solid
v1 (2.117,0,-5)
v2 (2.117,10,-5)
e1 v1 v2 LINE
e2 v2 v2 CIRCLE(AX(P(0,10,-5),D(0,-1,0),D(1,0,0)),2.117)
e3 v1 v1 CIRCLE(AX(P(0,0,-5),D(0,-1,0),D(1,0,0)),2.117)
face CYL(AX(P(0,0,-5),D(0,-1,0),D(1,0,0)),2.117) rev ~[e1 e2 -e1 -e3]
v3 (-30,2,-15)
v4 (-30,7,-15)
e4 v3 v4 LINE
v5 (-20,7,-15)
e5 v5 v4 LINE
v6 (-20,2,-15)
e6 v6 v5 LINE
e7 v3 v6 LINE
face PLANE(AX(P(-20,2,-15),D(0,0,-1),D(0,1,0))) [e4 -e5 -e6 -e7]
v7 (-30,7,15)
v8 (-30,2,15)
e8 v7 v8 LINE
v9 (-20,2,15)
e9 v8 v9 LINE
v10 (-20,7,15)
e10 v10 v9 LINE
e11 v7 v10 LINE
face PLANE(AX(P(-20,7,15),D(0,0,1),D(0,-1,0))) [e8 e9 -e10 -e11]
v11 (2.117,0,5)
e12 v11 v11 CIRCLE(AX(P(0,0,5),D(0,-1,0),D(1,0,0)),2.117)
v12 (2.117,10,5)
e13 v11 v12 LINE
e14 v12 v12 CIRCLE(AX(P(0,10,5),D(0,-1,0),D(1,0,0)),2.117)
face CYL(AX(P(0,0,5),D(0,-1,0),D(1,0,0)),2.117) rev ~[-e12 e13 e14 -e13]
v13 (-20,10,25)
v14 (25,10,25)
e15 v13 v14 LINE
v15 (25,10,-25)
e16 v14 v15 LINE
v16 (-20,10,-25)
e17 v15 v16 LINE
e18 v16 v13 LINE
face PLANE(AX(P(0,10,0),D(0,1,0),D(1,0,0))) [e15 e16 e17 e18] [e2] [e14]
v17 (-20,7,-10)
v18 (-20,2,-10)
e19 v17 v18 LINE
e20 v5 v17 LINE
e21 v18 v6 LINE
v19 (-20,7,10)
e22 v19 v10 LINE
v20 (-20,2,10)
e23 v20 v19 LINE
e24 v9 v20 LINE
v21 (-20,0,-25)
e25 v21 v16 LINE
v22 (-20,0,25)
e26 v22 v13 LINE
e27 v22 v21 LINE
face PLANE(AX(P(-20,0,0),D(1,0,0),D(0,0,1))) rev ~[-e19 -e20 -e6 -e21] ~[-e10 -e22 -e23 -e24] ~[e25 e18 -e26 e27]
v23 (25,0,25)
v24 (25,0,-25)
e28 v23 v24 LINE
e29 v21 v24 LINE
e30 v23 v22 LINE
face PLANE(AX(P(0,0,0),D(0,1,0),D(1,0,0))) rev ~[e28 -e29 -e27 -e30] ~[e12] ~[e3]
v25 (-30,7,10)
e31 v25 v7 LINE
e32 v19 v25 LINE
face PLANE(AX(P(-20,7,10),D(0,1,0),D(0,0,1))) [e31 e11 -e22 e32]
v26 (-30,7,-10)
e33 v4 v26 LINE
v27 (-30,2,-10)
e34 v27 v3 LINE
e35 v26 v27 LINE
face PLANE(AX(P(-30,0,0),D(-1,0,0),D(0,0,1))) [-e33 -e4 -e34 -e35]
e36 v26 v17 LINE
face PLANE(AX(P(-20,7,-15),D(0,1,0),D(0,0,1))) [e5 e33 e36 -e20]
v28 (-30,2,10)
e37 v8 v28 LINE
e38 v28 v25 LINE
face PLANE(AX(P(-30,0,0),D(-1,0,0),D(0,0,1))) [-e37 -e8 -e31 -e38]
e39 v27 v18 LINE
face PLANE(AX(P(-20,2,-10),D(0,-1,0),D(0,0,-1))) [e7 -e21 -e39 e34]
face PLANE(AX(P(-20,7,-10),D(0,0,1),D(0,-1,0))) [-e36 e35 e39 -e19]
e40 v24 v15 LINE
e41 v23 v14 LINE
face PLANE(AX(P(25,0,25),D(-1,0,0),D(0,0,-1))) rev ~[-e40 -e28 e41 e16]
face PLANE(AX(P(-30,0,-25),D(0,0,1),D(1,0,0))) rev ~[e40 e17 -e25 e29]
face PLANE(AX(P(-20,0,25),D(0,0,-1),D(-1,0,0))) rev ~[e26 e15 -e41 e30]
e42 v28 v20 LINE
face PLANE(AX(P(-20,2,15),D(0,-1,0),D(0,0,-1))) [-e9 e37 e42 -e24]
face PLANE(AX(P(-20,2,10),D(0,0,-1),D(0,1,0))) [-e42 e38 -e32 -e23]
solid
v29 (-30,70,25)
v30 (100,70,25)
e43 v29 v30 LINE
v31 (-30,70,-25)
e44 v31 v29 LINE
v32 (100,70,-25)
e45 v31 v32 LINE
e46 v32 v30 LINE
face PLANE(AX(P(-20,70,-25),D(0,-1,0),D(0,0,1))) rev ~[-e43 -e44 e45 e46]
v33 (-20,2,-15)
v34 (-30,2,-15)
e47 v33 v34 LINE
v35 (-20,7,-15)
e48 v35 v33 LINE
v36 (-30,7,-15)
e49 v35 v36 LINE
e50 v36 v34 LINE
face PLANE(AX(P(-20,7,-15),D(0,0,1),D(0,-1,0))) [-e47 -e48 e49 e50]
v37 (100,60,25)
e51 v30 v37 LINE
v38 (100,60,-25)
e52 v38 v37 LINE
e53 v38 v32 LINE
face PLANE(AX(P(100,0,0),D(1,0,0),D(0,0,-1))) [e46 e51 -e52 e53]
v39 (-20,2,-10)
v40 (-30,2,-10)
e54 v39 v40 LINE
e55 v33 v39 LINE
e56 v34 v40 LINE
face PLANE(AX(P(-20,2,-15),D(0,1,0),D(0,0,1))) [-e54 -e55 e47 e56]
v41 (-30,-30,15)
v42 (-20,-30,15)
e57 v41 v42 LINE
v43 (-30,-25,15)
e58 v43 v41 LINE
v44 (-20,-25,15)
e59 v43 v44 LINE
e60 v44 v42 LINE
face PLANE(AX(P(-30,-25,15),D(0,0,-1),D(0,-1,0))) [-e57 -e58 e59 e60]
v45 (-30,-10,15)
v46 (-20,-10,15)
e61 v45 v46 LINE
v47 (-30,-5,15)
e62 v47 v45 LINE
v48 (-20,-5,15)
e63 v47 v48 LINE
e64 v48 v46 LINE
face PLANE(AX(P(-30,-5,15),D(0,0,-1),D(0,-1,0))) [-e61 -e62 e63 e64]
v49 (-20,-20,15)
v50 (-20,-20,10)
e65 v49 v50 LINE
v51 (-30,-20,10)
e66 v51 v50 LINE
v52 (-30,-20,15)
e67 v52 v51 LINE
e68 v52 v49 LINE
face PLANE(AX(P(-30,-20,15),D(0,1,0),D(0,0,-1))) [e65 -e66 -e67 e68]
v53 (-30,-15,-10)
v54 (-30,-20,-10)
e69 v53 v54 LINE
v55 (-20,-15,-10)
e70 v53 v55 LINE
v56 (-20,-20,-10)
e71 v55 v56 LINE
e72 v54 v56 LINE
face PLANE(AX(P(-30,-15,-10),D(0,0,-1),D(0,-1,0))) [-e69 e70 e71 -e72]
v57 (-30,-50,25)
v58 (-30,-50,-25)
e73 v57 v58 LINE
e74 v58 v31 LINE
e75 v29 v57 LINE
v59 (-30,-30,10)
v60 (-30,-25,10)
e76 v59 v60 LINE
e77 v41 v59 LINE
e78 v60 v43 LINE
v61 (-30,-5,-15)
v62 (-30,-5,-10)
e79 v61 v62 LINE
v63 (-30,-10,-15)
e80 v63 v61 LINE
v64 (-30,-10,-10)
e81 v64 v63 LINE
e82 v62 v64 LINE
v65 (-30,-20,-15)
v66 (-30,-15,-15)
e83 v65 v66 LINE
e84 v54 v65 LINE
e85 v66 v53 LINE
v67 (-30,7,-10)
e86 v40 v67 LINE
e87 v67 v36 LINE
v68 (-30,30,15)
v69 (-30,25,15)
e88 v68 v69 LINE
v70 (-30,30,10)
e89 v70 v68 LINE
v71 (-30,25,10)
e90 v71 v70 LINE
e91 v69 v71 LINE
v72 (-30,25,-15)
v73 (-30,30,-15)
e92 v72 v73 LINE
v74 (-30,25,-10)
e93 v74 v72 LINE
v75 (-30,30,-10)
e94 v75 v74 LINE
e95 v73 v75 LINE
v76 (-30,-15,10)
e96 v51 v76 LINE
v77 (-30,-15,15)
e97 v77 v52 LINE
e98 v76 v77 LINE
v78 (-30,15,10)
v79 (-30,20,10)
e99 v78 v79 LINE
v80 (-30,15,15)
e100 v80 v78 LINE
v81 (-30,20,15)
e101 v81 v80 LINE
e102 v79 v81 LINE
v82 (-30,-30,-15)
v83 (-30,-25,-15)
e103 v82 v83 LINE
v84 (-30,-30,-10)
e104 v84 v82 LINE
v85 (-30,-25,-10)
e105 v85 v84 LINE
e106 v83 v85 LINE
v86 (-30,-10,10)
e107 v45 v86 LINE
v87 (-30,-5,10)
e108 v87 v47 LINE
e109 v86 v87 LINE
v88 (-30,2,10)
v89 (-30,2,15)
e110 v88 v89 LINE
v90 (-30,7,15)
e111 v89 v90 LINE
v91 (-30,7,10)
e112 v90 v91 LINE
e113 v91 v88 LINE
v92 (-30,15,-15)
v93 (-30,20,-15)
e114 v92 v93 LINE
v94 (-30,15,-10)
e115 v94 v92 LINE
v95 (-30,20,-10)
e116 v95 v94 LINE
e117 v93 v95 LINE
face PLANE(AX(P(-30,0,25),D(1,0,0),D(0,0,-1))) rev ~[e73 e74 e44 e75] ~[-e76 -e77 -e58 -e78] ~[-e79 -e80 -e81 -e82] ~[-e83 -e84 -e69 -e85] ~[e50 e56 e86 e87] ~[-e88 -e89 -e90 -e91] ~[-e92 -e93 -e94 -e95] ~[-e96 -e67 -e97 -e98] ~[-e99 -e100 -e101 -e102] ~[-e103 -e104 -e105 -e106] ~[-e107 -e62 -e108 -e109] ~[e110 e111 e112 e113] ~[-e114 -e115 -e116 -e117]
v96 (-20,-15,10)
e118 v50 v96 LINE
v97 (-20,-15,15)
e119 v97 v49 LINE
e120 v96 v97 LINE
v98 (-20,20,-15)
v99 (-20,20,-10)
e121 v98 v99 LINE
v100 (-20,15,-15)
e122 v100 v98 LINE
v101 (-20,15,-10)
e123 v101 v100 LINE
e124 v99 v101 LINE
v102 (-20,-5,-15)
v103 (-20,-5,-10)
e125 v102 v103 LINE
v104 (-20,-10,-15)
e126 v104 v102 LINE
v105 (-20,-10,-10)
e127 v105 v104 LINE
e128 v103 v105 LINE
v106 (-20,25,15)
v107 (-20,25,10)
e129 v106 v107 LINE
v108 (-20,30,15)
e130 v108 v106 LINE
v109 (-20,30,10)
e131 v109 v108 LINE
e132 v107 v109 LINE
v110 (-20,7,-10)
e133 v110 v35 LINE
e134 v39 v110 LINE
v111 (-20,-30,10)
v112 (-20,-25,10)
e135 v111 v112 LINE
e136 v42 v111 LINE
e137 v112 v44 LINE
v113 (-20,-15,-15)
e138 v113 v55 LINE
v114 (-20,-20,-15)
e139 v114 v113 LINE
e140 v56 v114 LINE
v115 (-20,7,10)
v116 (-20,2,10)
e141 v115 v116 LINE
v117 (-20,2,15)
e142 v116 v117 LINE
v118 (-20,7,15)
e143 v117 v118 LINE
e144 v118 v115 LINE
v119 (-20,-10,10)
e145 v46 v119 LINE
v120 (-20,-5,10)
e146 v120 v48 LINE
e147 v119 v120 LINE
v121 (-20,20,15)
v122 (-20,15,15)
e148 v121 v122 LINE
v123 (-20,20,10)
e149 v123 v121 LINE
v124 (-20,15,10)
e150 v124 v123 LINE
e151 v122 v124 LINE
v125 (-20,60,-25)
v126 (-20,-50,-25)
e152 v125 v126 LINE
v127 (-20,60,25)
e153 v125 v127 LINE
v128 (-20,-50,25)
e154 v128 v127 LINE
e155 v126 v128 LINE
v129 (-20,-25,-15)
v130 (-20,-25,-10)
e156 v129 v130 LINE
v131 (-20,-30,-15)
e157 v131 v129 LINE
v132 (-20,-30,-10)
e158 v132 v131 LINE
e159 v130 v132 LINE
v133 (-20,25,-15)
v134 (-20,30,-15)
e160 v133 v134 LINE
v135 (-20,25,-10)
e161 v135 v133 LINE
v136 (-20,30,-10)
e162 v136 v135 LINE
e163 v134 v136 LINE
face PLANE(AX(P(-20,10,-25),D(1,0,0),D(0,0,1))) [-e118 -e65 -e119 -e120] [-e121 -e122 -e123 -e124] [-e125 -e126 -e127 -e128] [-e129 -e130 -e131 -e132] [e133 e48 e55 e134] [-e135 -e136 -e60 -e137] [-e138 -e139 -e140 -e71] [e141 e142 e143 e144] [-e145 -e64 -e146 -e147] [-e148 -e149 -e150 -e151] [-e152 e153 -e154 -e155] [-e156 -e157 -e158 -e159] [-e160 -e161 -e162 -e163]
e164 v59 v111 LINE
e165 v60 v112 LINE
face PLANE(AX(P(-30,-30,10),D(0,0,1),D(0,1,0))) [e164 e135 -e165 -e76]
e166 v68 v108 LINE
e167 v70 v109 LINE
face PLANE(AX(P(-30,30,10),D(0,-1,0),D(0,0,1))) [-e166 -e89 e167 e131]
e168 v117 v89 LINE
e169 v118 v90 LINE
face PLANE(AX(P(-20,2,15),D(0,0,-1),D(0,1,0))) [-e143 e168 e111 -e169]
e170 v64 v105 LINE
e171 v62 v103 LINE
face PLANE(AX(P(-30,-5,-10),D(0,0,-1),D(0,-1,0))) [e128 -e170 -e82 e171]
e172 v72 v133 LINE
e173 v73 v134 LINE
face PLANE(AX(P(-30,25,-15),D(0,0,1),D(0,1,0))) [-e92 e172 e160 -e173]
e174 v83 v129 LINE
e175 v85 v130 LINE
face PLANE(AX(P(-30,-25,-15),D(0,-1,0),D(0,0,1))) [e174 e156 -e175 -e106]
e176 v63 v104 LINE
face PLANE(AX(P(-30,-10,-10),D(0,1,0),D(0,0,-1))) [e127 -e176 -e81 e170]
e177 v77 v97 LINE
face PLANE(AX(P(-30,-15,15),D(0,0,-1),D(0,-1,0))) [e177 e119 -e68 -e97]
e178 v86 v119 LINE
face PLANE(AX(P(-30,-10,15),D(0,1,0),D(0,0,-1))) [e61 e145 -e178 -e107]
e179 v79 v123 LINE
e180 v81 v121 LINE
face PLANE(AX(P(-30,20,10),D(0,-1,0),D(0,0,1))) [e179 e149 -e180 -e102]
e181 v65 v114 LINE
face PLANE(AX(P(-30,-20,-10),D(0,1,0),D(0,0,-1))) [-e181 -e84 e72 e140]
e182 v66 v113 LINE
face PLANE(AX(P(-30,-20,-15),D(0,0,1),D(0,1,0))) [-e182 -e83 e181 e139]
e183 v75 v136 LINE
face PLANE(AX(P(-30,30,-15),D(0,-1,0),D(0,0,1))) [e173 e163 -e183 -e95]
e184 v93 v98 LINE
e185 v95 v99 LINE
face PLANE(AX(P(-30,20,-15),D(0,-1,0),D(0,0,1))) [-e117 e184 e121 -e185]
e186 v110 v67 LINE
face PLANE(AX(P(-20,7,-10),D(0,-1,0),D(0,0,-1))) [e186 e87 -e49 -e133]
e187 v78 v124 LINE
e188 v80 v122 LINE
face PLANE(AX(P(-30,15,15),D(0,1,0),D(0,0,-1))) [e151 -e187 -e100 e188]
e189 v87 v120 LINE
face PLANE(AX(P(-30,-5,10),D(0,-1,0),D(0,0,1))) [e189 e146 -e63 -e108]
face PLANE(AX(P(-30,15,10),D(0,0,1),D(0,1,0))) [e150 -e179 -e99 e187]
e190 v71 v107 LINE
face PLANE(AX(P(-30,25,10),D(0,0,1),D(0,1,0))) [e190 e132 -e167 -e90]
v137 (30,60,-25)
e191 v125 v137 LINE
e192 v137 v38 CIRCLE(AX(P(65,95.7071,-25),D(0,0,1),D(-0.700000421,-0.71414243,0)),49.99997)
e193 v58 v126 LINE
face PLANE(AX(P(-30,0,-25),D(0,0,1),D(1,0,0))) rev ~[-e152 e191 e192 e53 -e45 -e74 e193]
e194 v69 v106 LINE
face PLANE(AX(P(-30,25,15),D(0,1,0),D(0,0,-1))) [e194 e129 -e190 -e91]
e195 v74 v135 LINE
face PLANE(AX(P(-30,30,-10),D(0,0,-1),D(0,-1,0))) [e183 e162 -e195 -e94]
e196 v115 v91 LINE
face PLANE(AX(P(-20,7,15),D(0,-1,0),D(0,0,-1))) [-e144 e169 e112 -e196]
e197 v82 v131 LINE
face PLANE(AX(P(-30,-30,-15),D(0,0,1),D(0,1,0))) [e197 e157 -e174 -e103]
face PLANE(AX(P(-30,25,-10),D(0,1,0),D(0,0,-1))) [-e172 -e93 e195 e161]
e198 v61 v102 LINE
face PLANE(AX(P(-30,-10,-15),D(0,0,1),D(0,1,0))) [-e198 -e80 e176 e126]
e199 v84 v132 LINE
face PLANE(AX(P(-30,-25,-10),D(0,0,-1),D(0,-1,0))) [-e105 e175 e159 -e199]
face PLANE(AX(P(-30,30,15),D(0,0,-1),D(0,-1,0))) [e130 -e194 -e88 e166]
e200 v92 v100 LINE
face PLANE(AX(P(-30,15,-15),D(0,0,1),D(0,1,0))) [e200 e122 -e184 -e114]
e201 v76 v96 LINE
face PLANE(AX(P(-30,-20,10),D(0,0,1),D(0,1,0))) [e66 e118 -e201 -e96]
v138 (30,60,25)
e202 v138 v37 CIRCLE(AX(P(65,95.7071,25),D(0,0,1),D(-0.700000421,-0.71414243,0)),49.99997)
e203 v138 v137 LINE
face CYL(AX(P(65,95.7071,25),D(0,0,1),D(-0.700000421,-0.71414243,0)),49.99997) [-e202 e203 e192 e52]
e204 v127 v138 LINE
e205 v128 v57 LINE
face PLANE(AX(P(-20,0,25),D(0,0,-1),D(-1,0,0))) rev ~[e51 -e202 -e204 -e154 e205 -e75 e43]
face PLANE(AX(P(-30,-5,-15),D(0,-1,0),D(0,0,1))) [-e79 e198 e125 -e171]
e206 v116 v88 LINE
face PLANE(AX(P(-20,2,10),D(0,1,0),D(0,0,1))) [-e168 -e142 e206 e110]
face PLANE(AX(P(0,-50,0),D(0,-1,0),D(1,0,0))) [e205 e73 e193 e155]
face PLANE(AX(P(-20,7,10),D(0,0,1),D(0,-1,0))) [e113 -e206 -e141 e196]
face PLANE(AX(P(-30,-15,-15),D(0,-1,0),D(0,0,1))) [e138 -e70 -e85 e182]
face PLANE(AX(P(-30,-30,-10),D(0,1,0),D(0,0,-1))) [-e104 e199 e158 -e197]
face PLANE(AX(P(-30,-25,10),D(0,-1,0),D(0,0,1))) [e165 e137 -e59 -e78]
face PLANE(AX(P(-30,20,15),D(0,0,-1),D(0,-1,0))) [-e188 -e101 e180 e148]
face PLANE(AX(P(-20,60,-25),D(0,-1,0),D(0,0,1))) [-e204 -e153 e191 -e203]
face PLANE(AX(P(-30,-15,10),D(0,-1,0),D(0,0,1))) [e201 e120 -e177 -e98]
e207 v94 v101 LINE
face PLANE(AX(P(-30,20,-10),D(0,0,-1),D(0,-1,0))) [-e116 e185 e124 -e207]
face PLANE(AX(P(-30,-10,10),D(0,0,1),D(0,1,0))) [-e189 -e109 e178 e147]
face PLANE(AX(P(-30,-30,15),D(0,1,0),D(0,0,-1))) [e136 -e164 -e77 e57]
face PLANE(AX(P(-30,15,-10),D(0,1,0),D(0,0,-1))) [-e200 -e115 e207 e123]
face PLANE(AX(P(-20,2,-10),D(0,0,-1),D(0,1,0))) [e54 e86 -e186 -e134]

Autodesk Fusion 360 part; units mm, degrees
sketch "草图1" plane through (0, 0, 0) normal (0, 1, 0) x (1, 0, 0) in component "Component"
  line L0 (-30, 25) -> (30, 25)
  line L1 (30, 25) -> (30, -25)
  line L2 (30, -25) -> (-30, -25)
  line L3 (-30, -25) -> (-30, 25)
  line L4 (-30, 25) -> (30, -25) construction
  line L5 (30, 25) -> (-30, -25) construction
  dimension "d1" = 60
  dimension "d2" = 50
extrude "拉伸1" add sketch "草图1" along normal blind 10 makes body 1 in component "Component"
sketch "草图2" plane through (0, 10, 0) normal (0, 1, 0) x (-1, 0, 0) in component "Component"
  line L0 (30, 25) -> (-30, 25)
  line L1 (-30, 25) -> (-30, -25)
  line L2 (-30, -25) -> (30, -25)
  line L3 (30, -25) -> (30, 25)
  line L4 (30, -25) -> (20, -25)
  line L5 (20, -25) -> (20, 25)
  line L6 (20, 25) -> (30, 25)
  line L7 (30, 25) -> (30, -25)
  dimension "d5" = 10
extrude "拉伸2" add sketch "草图2" along normal blind 60 contours L0 L2 L3 L4 L5 L6 L7 bodies 1 in component "Component"
sketch "草图3" plane through (-20, 0, 0) normal (1, 0, 0) x (0, 0, -1) in component "Component"
  line L0 (-25, 10) -> (25, 10)
  line L1 (25, 10) -> (25, 70)
  line L2 (25, 70) -> (-25, 70)
  line L3 (-25, 70) -> (-25, 10)
  line L4 (-25, 70) -> (25, 70)
  line L5 (25, 70) -> (25, 60)
  line L6 (25, 60) -> (-25, 60)
  line L7 (-25, 60) -> (-25, 70)
  dimension "d8" = 10
extrude "拉伸3" add sketch "草图3" along normal blind 120 contours L1 L2 L3 L4 L5 L6 L7 bodies 1 in component "Component"
sketch "草图1 (2)" plane through (0, 0, 25) normal (0, 0, 1) x (1, 0, 0)
  line L0 (-30, 0) -> (30, 0)
  line L1 (30, 0) -> (30, 10)
  line L2 (30, 10) -> (-20, 10)
  line L3 (-20, 10) -> (-20, 60)
  line L4 (-20, 60) -> (100, 60)
  line L5 (100, 60) -> (100, 70)
  line L6 (100, 70) -> (-30, 70)
  line L7 (-30, 70) -> (-30, 0)
  arc A0 (30, 60) -> (100, 60) centre (65, 95.7071) ccw
  dimension "d14" = 50
  dimension "d15" = 50
extrude "拉伸4" add sketch "草图1 (2)" against normal blind 50 contours L4 A0 bodies 1 in component "Component"
sketch "草图2 (2)" plane through (0, 0, 0) normal (0, -1, 0) x (1, 0, 0)
  line L0 (30, 25) -> (-30, 25)
  line L1 (-30, 25) -> (-30, -25)
  line L2 (-30, -25) -> (30, -25)
  line L3 (30, -25) -> (30, 25)
  line L4 (-20, -25) -> (-20, 25)
  line L5 (-30, 25) -> (-20, 25)
  line L6 (-20, 25) -> (-20, -25)
  line L7 (-20, -25) -> (-30, -25)
  line L8 (-30, -25) -> (-30, 25)
extrude "拉伸5" add sketch "草图2 (2)" along normal blind 50 contours L0 L1 L2 L4 L5 L6 L7 L8 bodies 1 in component "Component"
sketch "草图3 (2)" plane through (0, 0, 0) normal (0, -1, 0) x (1, 0, 0)
  line L0 (-20, 25) -> (-20, -25)
  line L1 (-20, -25) -> (30, -25)
  line L2 (30, -25) -> (30, 25)
  line L3 (30, 25) -> (-20, 25)
  dimension "d21" = 20
ref_plane "工作平面2" through (-20, 0, 0) normal (1, 0, 0) x (0, 1, 0)
split "分割1" by plane through (-20, 0, 0) normal (1, 0, 0) bodies 1 makes body 2 at (20, 70, -8.3333) makes body 3 at (-3.3333, 0, -8.3333) in component "Component"
combine "合并1" operation add target body 2 tool bodies 1 in component "Component"
sketch "草图4" plane through (-20, 0, 0) normal (-1, 0, 0) x (0, 0, 1)
  line L0 (25, 10) -> (-25, 10)
  line L1 (-25, 10) -> (-25, 0)
  line L2 (-25, 0) -> (25, 0)
  line L3 (25, 0) -> (25, 10)
  line L4 (-15, 7) -> (-10, 7)
  line L5 (-10, 7) -> (-10, 2)
  line L6 (-10, 2) -> (-15, 2)
  line L7 (-15, 2) -> (-15, 7)
  line L8 (10, 7) -> (15, 7)
  line L9 (15, 7) -> (15, 2)
  line L10 (15, 2) -> (10, 2)
  line L11 (10, 2) -> (10, 7)
  dimension "d24" = 5
  dimension "d25" = 5
  dimension "d26" = 5
  dimension "d27" = 10
  dimension "d28" = 3
  dimension "d29" = 5
  dimension "d30" = 5
  dimension "d31" = 10
  dimension "d32" = 3
extrude "拉伸6" add sketch "草图4" along normal blind 8 contours L4 L5 L6 L7 | L8 L9 L10 L11 bodies 3 in component "Component"
sketch "草图5" plane through (-20, 0, 0) normal (1, 0, 0) x (0, 0, -1)
  line L0 (25, 60) -> (-25, 60)
  line L1 (-25, 60) -> (-25, -50)
  line L2 (-25, -50) -> (25, -50)
  line L3 (25, -50) -> (25, 60)
  line L4 (-10, 2) -> (-15, 2)
  line L5 (-15, 2) -> (-15, 7)
  line L6 (-15, 7) -> (-10, 7)
  line L7 (-10, 7) -> (-10, 2)
  line L8 (15, 2) -> (10, 2)
  line L9 (10, 2) -> (10, 7)
  line L10 (10, 7) -> (15, 7)
  line L11 (15, 7) -> (15, 2)
  line L12 (-15, 7) -> (-10, 7)
  line L13 (-10, 7) -> (-10, 2)
  line L14 (-10, 2) -> (-15, 2)
  line L15 (-15, 2) -> (-15, 7)
  line L16 (10, 7) -> (15, 7)
  line L17 (15, 7) -> (15, 2)
  line L18 (15, 2) -> (10, 2)
  line L19 (10, 2) -> (10, 7)
extrude "拉伸7" cut sketch "草图5" against normal blind 10 contours L4 L5 L6 L7 L12 L13 L14 L15 | L8 L9 L10 L11 L16 L17 L18 L19 bodies 2 in component "Component"
extrude "拉伸8" add 2 faces at (-28, 5.3333, 11.6667) (-28, 5.3333, -13.3333) along direction (-1, 0, 0) blind 2 on bodies 3 bodies 3 in component "Component"
sketch "草图6" plane through (-30, 0, 0) normal (-1, 0, 0) x (0, 0, 1)
  line L0 (10, 2) -> (10, 7)
  line L1 (10, 7) -> (15, 7)
  line L2 (15, 7) -> (15, 2)
  line L3 (15, 2) -> (10, 2)
  line L4 (-15, 2) -> (-15, 7)
  line L5 (-15, 7) -> (-10, 7)
  line L6 (-10, 7) -> (-10, 2)
  line L7 (-10, 2) -> (-15, 2)
  line L8 (25, -50) -> (25, 70)
  line L9 (25, 70) -> (-25, 70)
  line L10 (-25, 70) -> (-25, -50)
  line L11 (-25, -50) -> (25, -50)
  line L12 (-15, 20) -> (-10, 20)
  line L13 (-10, 20) -> (-10, 15)
  line L14 (-10, 15) -> (-15, 15)
  line L15 (-15, 15) -> (-15, 20)
  line L16 (10, 20) -> (15, 20)
  line L17 (15, 20) -> (15, 15)
  line L18 (15, 15) -> (10, 15)
  line L19 (10, 15) -> (10, 20)
  line L20 (-15, 30) -> (-10, 30)
  line L21 (-10, 30) -> (-10, 25)
  line L22 (-10, 25) -> (-15, 25)
  line L23 (-15, 25) -> (-15, 30)
  line L24 (10, 30) -> (15, 30)
  line L25 (15, 30) -> (15, 25)
  line L26 (15, 25) -> (10, 25)
  line L27 (10, 25) -> (10, 30)
  line L28 (-15, -5) -> (-10, -5)
  line L29 (-10, -5) -> (-10, -10)
  line L30 (-10, -10) -> (-15, -10)
  line L31 (-15, -10) -> (-15, -5)
  line L32 (10, -5) -> (15, -5)
  line L33 (15, -5) -> (15, -10)
  line L34 (15, -10) -> (10, -10)
  line L35 (10, -10) -> (10, -5)
  line L36 (-15, -15) -> (-10, -15)
  line L37 (-10, -15) -> (-10, -20)
  line L38 (-10, -20) -> (-15, -20)
  line L39 (-15, -20) -> (-15, -15)
  line L40 (10, -15) -> (15, -15)
  line L41 (15, -15) -> (15, -20)
  line L42 (15, -20) -> (10, -20)
  line L43 (10, -20) -> (10, -15)
  line L44 (-15, -25) -> (-10, -25)
  line L45 (-10, -25) -> (-10, -30)
  line L46 (-10, -30) -> (-15, -30)
  line L47 (-15, -30) -> (-15, -25)
  line L48 (10, -25) -> (15, -25)
  line L49 (15, -25) -> (15, -30)
  line L50 (15, -30) -> (10, -30)
  line L51 (10, -30) -> (10, -25)
  dimension "d39" = 5
  dimension "d40" = 5
  dimension "d41" = 5
  dimension "d42" = 5
  dimension "d43" = 5
  dimension "d44" = 5
  dimension "d45" = 5
  dimension "d46" = 5
  dimension "d47" = 5
  dimension "d48" = 5
  dimension "d49" = 5
  dimension "d50" = 5
  dimension "d51" = 5
  dimension "d52" = 5
  dimension "d53" = 5
  dimension "d54" = 5
  dimension "d55" = 5
  dimension "d56" = 5
  dimension "d57" = 15
  dimension "d58" = 10
  dimension "d59" = 20
  dimension "d60" = 5
  dimension "d61" = 5
  dimension "d62" = 30
  dimension "d64" = 15
extrude "拉伸9" cut sketch "草图6" against normal blind 10 contours L12 L13 L14 L15 | L16 L17 L18 L19 | L20 L21 L22 L23 | L24 L25 L26 L27 | L28 L29 L30 L31 | L32 L33 L34 L35 | L36 L37 L38 L39 | L40 L41 L42 L43 | L44 L45 L46 L47 | L48 L49 L50 L51 bodies 2 in component "Component"
sketch "草图7" plane through (0, 0, 0) normal (0, -1, 0) x (1, 0, 0)
  circle A0 centre (0, -5) radius 2.5
  circle A1 centre (0, 5) radius 2.5
  line L0 (1.75, 0) -> (22.5, 0)
  dimension "d67" = 5
  dimension "d68" = 5
  dimension "d69" = 10
extrude "拉伸10" cut sketch "草图7" against normal blind 10 bodies 3 in component "Component"
thread "螺纹2" "ISO Metric profile 5.0 M5x0.8 6H" major diameter 5.12 minor diameter 4.234 pitch 0.8 angle 60 resizes the face on face at (2.4969, 6.6667, -5.1246) on bodies 3 in component "Component"
thread "螺纹3" "ISO Metric profile 5.0 M5x0.8 6H" major diameter 5.12 minor diameter 4.234 pitch 0.8 angle 60 resizes the face on face at (2.4969, 6.6667, 4.8754) on bodies 3 in component "Component"
sketch "草图4 (2)" plane through (0, 0, 0) normal (0, -1, 0) x (1, 0, 0) in component "Component"
  line L0 (25, 25) -> (25, -25)
  line L1 (25, 25) -> (30, 25)
  line L2 (30, 25) -> (30, -25)
  line L3 (30, -25) -> (25, -25)
  point P0 (30, -25)
  dimension "d72" = 5
  dimension "d73" = 50
extrude "拉伸11" cut sketch "草图4 (2)" against normal blind 10 bodies 3 in component "Component"
component "Component" placed x (1, 0, 0) y (0, 1, 0) z (0, 0, 1) at (0, 0, 0)
